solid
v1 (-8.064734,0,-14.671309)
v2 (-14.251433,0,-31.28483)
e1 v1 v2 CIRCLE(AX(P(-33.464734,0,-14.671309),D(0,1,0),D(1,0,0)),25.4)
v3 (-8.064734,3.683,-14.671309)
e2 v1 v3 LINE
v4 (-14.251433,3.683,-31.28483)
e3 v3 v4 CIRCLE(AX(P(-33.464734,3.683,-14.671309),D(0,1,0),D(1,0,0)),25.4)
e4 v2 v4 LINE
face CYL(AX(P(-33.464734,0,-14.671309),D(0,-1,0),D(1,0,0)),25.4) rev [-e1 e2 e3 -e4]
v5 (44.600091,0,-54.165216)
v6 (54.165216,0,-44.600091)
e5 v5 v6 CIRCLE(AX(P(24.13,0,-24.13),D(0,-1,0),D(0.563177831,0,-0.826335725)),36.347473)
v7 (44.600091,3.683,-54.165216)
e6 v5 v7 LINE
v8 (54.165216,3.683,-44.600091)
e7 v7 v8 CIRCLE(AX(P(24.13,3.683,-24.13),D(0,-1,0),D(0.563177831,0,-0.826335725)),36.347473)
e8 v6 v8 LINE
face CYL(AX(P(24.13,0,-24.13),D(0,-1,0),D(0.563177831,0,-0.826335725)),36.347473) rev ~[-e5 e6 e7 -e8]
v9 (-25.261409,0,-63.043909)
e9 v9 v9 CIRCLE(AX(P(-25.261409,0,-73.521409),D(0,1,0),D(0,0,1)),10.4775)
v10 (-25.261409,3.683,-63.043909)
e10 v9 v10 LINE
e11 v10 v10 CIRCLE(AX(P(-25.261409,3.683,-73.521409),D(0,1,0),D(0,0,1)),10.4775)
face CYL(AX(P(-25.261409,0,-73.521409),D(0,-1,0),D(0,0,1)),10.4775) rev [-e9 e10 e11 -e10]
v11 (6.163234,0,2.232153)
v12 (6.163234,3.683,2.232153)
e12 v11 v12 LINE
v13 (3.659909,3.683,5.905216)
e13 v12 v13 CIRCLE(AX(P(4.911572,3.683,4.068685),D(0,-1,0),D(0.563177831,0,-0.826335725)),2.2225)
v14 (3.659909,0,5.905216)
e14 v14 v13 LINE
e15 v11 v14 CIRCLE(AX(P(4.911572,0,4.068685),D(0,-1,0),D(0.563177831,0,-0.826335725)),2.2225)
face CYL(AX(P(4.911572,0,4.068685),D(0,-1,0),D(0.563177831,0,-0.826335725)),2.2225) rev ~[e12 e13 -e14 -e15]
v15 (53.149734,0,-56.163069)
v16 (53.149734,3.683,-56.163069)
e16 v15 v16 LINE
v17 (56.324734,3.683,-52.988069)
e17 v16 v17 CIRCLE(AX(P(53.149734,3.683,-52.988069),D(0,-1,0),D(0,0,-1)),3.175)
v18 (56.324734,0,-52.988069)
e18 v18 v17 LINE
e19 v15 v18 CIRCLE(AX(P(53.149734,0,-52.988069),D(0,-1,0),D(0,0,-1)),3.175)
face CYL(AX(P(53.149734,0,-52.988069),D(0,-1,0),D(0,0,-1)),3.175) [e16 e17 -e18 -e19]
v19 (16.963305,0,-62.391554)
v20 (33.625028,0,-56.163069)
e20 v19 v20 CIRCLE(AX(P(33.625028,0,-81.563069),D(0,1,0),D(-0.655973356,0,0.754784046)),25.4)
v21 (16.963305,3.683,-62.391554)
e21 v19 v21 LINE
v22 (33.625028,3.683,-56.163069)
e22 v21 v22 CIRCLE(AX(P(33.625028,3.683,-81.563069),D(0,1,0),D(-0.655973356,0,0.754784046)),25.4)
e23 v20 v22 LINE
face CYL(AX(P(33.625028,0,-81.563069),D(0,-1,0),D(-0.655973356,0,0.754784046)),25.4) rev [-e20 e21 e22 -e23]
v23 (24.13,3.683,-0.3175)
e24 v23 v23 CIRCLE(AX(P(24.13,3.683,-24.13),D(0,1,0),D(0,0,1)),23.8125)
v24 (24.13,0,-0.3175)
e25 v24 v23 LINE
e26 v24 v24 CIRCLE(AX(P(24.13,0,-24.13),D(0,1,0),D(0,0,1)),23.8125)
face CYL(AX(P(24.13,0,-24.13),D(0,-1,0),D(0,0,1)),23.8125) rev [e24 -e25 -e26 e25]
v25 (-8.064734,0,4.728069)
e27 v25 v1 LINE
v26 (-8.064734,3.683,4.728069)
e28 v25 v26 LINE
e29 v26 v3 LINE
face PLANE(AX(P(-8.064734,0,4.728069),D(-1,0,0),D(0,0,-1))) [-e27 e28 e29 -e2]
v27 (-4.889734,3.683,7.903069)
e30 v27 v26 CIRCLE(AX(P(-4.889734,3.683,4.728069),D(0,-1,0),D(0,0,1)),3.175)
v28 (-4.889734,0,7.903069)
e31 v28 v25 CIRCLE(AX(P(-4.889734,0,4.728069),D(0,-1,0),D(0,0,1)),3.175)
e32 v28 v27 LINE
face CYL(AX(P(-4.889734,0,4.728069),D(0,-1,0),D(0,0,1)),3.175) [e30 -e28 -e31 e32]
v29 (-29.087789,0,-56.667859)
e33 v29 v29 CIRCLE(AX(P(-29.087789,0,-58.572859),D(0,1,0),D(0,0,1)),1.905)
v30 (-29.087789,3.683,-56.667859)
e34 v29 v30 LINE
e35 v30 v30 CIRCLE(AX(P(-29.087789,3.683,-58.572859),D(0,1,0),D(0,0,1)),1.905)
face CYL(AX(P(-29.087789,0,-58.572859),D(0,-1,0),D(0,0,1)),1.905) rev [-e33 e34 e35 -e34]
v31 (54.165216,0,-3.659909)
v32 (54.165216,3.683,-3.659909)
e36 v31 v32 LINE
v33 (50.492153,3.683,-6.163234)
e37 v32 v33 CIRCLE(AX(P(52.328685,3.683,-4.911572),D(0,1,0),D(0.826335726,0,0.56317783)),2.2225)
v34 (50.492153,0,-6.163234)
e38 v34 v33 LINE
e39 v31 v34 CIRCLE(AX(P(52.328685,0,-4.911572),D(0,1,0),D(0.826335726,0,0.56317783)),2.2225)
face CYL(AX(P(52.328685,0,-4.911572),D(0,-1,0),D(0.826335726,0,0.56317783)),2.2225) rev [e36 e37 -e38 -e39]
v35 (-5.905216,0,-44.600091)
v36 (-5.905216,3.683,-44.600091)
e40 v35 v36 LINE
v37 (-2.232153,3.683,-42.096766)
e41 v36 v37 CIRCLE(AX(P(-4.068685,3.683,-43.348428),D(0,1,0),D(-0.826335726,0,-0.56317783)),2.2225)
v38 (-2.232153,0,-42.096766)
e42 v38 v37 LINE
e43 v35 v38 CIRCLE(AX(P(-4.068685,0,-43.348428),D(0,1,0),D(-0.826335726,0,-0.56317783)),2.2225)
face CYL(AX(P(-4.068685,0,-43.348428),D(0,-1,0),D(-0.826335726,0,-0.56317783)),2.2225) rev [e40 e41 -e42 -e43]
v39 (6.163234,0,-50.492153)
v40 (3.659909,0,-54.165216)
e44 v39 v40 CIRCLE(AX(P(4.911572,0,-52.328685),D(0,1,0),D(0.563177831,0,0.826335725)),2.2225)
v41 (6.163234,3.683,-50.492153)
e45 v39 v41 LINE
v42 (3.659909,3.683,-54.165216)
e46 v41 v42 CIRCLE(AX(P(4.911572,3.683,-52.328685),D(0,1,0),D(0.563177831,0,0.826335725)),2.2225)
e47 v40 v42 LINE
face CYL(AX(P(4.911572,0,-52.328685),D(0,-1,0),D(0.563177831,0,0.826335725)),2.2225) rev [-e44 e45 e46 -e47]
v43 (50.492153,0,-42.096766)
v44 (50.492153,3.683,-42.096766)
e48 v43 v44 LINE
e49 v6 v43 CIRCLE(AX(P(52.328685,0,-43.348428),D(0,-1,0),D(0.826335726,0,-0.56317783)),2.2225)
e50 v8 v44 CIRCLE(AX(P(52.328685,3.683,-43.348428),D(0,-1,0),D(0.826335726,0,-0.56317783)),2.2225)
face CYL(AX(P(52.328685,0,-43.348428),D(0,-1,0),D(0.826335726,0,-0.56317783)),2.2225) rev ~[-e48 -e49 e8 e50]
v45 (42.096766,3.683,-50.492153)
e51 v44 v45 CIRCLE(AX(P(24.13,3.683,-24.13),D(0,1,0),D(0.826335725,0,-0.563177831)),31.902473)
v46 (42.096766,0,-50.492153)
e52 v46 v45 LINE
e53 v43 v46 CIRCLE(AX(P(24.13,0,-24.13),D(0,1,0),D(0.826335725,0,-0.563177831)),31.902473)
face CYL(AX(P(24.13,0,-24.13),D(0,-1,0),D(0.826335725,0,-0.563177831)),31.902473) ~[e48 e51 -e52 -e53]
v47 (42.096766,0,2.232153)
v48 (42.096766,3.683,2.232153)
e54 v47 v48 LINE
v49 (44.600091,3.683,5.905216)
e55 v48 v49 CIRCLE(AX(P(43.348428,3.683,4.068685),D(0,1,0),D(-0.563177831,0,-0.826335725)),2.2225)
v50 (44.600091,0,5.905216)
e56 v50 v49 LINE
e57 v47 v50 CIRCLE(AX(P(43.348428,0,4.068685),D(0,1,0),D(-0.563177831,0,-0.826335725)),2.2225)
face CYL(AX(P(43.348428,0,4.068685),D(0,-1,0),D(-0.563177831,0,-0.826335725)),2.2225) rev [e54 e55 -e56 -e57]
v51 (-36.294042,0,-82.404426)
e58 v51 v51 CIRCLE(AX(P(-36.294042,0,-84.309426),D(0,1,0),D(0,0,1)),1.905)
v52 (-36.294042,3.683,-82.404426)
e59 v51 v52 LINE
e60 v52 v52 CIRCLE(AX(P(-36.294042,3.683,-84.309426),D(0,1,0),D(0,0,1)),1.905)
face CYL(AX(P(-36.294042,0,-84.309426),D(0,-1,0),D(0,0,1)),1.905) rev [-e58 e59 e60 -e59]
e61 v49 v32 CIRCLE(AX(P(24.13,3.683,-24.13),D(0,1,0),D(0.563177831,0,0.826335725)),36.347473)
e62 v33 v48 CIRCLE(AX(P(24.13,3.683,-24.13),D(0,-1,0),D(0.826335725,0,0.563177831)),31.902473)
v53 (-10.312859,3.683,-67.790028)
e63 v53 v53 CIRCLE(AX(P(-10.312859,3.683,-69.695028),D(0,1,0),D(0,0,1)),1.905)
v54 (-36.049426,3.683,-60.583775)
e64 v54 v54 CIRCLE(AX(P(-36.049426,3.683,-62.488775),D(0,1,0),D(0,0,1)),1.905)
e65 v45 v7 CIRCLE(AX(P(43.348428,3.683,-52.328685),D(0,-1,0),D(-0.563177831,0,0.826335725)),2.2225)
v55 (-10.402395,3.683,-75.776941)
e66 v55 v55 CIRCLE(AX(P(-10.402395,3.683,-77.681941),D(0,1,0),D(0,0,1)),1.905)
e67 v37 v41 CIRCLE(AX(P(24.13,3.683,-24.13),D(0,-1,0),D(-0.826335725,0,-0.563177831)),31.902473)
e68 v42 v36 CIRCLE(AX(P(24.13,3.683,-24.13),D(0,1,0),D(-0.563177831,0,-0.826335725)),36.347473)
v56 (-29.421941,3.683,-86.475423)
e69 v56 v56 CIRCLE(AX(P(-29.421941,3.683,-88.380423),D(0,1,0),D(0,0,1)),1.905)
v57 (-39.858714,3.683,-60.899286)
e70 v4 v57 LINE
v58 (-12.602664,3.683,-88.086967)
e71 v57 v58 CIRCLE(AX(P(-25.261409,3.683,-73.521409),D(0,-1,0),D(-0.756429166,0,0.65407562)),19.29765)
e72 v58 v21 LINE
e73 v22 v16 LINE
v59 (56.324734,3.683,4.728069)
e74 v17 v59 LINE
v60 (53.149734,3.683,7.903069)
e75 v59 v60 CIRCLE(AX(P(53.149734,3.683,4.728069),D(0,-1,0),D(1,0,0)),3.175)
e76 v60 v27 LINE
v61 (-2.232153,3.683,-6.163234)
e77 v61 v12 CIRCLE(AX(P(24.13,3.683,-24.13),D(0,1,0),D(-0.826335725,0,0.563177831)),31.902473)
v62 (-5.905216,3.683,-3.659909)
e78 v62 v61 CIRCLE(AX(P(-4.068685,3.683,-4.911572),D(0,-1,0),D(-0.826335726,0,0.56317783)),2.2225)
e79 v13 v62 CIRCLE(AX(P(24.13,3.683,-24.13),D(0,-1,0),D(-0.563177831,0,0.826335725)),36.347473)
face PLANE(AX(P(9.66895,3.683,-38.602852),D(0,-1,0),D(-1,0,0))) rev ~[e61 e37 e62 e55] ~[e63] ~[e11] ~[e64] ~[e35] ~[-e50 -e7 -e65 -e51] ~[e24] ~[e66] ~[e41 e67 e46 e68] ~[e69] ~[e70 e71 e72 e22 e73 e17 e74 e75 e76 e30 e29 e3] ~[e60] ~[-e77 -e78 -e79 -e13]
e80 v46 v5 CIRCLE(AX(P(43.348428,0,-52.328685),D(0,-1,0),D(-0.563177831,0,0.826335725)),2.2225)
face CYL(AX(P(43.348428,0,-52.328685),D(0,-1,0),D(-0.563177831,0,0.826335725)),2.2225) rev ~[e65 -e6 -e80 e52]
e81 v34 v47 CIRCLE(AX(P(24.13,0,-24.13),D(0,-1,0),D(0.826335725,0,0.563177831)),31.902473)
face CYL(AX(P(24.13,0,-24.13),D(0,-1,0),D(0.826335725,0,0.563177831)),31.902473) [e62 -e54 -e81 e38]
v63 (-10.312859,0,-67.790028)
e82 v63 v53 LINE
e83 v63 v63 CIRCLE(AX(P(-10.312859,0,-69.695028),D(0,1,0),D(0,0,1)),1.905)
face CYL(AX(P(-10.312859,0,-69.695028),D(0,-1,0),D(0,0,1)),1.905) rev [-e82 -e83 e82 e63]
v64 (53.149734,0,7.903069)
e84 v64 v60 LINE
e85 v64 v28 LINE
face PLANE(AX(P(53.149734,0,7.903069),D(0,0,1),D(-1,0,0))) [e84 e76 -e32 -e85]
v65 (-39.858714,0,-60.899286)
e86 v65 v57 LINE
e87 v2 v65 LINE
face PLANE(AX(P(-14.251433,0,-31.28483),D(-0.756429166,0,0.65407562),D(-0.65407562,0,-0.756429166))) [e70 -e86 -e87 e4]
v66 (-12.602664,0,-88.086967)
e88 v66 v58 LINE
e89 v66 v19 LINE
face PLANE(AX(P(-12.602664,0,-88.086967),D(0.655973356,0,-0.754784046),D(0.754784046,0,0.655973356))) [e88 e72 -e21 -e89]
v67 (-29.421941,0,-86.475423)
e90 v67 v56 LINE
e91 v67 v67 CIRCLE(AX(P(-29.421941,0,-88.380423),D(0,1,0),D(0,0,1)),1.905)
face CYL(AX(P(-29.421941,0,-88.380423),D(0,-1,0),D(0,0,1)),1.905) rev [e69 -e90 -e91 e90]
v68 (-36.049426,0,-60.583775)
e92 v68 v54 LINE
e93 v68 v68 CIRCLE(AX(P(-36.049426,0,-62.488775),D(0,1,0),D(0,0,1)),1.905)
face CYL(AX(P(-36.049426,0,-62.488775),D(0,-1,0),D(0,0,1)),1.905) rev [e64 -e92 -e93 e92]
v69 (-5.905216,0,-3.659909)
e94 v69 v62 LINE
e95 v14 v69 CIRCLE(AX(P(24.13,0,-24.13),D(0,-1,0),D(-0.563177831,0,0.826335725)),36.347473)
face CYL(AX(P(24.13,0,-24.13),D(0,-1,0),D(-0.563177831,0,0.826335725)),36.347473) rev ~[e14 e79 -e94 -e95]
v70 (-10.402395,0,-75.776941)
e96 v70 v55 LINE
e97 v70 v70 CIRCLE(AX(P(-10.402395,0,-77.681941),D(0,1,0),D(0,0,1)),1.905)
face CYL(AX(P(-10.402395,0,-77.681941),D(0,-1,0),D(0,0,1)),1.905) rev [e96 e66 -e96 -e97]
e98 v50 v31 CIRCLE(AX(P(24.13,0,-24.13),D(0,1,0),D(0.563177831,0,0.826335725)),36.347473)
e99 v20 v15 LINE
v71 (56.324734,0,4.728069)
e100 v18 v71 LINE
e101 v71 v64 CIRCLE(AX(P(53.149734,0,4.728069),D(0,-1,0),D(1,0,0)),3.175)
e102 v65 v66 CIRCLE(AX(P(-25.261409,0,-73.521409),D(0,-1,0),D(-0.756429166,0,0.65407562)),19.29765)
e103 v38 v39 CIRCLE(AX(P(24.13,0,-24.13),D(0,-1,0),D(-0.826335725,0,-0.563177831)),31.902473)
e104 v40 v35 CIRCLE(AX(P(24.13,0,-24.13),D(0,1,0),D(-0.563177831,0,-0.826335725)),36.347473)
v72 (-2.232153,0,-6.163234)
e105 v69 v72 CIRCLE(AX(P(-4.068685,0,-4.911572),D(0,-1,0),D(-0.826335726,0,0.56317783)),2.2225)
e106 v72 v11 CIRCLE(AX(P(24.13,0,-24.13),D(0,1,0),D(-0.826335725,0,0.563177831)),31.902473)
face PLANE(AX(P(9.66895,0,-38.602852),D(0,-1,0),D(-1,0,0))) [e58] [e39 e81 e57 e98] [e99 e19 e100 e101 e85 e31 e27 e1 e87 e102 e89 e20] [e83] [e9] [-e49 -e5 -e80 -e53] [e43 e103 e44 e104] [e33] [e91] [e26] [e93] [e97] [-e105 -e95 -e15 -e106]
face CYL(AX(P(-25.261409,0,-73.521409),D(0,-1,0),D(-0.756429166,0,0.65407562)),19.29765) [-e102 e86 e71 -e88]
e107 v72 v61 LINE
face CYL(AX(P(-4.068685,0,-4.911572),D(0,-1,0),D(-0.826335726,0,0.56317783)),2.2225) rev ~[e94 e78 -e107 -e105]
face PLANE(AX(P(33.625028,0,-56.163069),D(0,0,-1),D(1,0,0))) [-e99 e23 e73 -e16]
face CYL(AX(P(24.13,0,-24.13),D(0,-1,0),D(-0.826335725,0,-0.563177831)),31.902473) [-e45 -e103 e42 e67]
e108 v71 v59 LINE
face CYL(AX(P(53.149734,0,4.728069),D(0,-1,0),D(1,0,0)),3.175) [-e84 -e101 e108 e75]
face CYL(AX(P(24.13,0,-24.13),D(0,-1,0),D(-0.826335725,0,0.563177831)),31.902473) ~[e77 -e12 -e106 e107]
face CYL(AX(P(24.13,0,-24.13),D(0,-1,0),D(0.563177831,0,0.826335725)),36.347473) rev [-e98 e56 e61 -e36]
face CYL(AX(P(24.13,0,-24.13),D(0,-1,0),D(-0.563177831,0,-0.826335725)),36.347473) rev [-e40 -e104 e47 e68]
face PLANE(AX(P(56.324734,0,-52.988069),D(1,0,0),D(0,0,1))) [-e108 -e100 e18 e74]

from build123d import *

# Parameters (mm, degrees)
SKETCH1_R           = 23.8125
SKETCH1_R_2         = 10.4775
SKETCH1_R_3         = 1.905
BOSS_EXTRUDE1_DEPTH = 3.683


with BuildPart() as part:
    # Sketch1 → Boss-Extrude1 (new body)
    with BuildSketch(Plane(origin=(0, 0, 0), x_dir=(1, 0, 0), z_dir=(0, 1, 0))):
        with BuildLine():
            Line((-8.06473402, -4.72806869), (-8.06473402, 14.671308994))
            ThreePointArc((-8.06473402, 14.671308994), (-9.661605647, 23.535341917), (-14.251433206, 31.284829748))
            Line((-14.251433206, 31.284829748), (-39.858713959, 60.899286273))
            ThreePointArc((-39.858713959, 60.899286273), (-38.889761495, 87.184032671), (-12.602664438, 88.086967018))
            Line((-12.602664438, 88.086967018), (16.963304526, 62.391553913))
            ThreePointArc((16.963304526, 62.391553913), (24.731110608, 57.771090259), (33.625027761, 56.16306869))
            Line((33.625027761, 56.16306869), (53.14973402, 56.16306869))
            ThreePointArc((53.14973402, 56.16306869), (55.39479805, 55.23313272), (56.32473402, 52.98806869))
            Line((56.32473402, 52.98806869), (56.32473402, -4.72806869))
            ThreePointArc((56.32473402, -4.72806869), (55.39479805, -6.97313272), (53.14973402, -7.90306869))
            Line((53.14973402, -7.90306869), (-4.88973402, -7.90306869))
            ThreePointArc((-4.88973402, -7.90306869), (-7.13479805, -6.97313272), (-8.06473402, -4.72806869))
        make_face()
        with Locations(Location((24.13, 24.13, 0), (0, 0, 270))):
            Circle(SKETCH1_R, mode=Mode.SUBTRACT)
        with Locations(Location((-25.261408666, 73.521408666, 0), (0, 0, 270))):
            Circle(SKETCH1_R_2, mode=Mode.SUBTRACT)
        with Locations(Location((-36.294042469, 84.309426168, 0), (0, 0, 270))):
            Circle(SKETCH1_R_3, mode=Mode.SUBTRACT)
        with Locations(Location((-29.421941059, 88.38042278, 0), (0, 0, 270))):
            Circle(SKETCH1_R_3, mode=Mode.SUBTRACT)
        with Locations(Location((-10.402394551, 77.681941059, 0), (0, 0, 270))):
            Circle(SKETCH1_R_3, mode=Mode.SUBTRACT)
        with Locations(Location((-10.312858771, 69.695028354, 0), (0, 0, 270))):
            Circle(SKETCH1_R_3, mode=Mode.SUBTRACT)
        with Locations(Location((-29.087788977, 58.572858771, 0), (0, 0, 270))):
            Circle(SKETCH1_R_3, mode=Mode.SUBTRACT)
        with Locations(Location((-36.049426168, 62.488774863, 0), (0, 0, 270))):
            Circle(SKETCH1_R_3, mode=Mode.SUBTRACT)
        with BuildLine():
            ThreePointArc((44.60009114, -5.905215683), (49.831544821, -1.571544821), (54.165215683, 3.65990886))
            ThreePointArc((54.165215683, 3.65990886), (53.580347261, 6.748102738), (50.492153383, 6.163234317))
            ThreePointArc((50.492153383, 6.163234317), (46.688455179, 1.571544821), (42.096765683, -2.232153383))
            ThreePointArc((42.096765683, -2.232153383), (41.511897262, -5.320347261), (44.60009114, -5.905215683))
        make_face(mode=Mode.SUBTRACT)
        with BuildLine():
            ThreePointArc((44.60009114, 54.165215683), (49.831544821, 49.831544821), (54.165215683, 44.60009114))
            ThreePointArc((54.165215683, 44.60009114), (53.580347261, 41.511897262), (50.492153383, 42.096765683))
            ThreePointArc((50.492153383, 42.096765683), (46.688455179, 46.688455179), (42.096765683, 50.492153383))
            ThreePointArc((42.096765683, 50.492153383), (41.511897262, 53.580347261), (44.60009114, 54.165215683))
        make_face(mode=Mode.SUBTRACT)
        with BuildLine():
            ThreePointArc((3.65990886, -5.905215683), (-1.571544821, -1.571544821), (-5.905215683, 3.65990886))
            ThreePointArc((-5.905215683, 3.65990886), (-5.320347261, 6.748102738), (-2.232153383, 6.163234317))
            ThreePointArc((-2.232153383, 6.163234317), (1.571544821, 1.571544821), (6.163234317, -2.232153383))
            ThreePointArc((6.163234317, -2.232153383), (6.748102738, -5.320347261), (3.65990886, -5.905215683))
        make_face(mode=Mode.SUBTRACT)
        with BuildLine():
            ThreePointArc((3.65990886, 54.165215683), (-1.571544821, 49.831544821), (-5.905215683, 44.60009114))
            ThreePointArc((-5.905215683, 44.60009114), (-5.320347261, 41.511897262), (-2.232153383, 42.096765683))
            ThreePointArc((-2.232153383, 42.096765683), (1.571544821, 46.688455179), (6.163234317, 50.492153383))
            ThreePointArc((6.163234317, 50.492153383), (6.748102738, 53.580347261), (3.65990886, 54.165215683))
        make_face(mode=Mode.SUBTRACT)
    extrude(amount=BOSS_EXTRUDE1_DEPTH)


solid = part.part
